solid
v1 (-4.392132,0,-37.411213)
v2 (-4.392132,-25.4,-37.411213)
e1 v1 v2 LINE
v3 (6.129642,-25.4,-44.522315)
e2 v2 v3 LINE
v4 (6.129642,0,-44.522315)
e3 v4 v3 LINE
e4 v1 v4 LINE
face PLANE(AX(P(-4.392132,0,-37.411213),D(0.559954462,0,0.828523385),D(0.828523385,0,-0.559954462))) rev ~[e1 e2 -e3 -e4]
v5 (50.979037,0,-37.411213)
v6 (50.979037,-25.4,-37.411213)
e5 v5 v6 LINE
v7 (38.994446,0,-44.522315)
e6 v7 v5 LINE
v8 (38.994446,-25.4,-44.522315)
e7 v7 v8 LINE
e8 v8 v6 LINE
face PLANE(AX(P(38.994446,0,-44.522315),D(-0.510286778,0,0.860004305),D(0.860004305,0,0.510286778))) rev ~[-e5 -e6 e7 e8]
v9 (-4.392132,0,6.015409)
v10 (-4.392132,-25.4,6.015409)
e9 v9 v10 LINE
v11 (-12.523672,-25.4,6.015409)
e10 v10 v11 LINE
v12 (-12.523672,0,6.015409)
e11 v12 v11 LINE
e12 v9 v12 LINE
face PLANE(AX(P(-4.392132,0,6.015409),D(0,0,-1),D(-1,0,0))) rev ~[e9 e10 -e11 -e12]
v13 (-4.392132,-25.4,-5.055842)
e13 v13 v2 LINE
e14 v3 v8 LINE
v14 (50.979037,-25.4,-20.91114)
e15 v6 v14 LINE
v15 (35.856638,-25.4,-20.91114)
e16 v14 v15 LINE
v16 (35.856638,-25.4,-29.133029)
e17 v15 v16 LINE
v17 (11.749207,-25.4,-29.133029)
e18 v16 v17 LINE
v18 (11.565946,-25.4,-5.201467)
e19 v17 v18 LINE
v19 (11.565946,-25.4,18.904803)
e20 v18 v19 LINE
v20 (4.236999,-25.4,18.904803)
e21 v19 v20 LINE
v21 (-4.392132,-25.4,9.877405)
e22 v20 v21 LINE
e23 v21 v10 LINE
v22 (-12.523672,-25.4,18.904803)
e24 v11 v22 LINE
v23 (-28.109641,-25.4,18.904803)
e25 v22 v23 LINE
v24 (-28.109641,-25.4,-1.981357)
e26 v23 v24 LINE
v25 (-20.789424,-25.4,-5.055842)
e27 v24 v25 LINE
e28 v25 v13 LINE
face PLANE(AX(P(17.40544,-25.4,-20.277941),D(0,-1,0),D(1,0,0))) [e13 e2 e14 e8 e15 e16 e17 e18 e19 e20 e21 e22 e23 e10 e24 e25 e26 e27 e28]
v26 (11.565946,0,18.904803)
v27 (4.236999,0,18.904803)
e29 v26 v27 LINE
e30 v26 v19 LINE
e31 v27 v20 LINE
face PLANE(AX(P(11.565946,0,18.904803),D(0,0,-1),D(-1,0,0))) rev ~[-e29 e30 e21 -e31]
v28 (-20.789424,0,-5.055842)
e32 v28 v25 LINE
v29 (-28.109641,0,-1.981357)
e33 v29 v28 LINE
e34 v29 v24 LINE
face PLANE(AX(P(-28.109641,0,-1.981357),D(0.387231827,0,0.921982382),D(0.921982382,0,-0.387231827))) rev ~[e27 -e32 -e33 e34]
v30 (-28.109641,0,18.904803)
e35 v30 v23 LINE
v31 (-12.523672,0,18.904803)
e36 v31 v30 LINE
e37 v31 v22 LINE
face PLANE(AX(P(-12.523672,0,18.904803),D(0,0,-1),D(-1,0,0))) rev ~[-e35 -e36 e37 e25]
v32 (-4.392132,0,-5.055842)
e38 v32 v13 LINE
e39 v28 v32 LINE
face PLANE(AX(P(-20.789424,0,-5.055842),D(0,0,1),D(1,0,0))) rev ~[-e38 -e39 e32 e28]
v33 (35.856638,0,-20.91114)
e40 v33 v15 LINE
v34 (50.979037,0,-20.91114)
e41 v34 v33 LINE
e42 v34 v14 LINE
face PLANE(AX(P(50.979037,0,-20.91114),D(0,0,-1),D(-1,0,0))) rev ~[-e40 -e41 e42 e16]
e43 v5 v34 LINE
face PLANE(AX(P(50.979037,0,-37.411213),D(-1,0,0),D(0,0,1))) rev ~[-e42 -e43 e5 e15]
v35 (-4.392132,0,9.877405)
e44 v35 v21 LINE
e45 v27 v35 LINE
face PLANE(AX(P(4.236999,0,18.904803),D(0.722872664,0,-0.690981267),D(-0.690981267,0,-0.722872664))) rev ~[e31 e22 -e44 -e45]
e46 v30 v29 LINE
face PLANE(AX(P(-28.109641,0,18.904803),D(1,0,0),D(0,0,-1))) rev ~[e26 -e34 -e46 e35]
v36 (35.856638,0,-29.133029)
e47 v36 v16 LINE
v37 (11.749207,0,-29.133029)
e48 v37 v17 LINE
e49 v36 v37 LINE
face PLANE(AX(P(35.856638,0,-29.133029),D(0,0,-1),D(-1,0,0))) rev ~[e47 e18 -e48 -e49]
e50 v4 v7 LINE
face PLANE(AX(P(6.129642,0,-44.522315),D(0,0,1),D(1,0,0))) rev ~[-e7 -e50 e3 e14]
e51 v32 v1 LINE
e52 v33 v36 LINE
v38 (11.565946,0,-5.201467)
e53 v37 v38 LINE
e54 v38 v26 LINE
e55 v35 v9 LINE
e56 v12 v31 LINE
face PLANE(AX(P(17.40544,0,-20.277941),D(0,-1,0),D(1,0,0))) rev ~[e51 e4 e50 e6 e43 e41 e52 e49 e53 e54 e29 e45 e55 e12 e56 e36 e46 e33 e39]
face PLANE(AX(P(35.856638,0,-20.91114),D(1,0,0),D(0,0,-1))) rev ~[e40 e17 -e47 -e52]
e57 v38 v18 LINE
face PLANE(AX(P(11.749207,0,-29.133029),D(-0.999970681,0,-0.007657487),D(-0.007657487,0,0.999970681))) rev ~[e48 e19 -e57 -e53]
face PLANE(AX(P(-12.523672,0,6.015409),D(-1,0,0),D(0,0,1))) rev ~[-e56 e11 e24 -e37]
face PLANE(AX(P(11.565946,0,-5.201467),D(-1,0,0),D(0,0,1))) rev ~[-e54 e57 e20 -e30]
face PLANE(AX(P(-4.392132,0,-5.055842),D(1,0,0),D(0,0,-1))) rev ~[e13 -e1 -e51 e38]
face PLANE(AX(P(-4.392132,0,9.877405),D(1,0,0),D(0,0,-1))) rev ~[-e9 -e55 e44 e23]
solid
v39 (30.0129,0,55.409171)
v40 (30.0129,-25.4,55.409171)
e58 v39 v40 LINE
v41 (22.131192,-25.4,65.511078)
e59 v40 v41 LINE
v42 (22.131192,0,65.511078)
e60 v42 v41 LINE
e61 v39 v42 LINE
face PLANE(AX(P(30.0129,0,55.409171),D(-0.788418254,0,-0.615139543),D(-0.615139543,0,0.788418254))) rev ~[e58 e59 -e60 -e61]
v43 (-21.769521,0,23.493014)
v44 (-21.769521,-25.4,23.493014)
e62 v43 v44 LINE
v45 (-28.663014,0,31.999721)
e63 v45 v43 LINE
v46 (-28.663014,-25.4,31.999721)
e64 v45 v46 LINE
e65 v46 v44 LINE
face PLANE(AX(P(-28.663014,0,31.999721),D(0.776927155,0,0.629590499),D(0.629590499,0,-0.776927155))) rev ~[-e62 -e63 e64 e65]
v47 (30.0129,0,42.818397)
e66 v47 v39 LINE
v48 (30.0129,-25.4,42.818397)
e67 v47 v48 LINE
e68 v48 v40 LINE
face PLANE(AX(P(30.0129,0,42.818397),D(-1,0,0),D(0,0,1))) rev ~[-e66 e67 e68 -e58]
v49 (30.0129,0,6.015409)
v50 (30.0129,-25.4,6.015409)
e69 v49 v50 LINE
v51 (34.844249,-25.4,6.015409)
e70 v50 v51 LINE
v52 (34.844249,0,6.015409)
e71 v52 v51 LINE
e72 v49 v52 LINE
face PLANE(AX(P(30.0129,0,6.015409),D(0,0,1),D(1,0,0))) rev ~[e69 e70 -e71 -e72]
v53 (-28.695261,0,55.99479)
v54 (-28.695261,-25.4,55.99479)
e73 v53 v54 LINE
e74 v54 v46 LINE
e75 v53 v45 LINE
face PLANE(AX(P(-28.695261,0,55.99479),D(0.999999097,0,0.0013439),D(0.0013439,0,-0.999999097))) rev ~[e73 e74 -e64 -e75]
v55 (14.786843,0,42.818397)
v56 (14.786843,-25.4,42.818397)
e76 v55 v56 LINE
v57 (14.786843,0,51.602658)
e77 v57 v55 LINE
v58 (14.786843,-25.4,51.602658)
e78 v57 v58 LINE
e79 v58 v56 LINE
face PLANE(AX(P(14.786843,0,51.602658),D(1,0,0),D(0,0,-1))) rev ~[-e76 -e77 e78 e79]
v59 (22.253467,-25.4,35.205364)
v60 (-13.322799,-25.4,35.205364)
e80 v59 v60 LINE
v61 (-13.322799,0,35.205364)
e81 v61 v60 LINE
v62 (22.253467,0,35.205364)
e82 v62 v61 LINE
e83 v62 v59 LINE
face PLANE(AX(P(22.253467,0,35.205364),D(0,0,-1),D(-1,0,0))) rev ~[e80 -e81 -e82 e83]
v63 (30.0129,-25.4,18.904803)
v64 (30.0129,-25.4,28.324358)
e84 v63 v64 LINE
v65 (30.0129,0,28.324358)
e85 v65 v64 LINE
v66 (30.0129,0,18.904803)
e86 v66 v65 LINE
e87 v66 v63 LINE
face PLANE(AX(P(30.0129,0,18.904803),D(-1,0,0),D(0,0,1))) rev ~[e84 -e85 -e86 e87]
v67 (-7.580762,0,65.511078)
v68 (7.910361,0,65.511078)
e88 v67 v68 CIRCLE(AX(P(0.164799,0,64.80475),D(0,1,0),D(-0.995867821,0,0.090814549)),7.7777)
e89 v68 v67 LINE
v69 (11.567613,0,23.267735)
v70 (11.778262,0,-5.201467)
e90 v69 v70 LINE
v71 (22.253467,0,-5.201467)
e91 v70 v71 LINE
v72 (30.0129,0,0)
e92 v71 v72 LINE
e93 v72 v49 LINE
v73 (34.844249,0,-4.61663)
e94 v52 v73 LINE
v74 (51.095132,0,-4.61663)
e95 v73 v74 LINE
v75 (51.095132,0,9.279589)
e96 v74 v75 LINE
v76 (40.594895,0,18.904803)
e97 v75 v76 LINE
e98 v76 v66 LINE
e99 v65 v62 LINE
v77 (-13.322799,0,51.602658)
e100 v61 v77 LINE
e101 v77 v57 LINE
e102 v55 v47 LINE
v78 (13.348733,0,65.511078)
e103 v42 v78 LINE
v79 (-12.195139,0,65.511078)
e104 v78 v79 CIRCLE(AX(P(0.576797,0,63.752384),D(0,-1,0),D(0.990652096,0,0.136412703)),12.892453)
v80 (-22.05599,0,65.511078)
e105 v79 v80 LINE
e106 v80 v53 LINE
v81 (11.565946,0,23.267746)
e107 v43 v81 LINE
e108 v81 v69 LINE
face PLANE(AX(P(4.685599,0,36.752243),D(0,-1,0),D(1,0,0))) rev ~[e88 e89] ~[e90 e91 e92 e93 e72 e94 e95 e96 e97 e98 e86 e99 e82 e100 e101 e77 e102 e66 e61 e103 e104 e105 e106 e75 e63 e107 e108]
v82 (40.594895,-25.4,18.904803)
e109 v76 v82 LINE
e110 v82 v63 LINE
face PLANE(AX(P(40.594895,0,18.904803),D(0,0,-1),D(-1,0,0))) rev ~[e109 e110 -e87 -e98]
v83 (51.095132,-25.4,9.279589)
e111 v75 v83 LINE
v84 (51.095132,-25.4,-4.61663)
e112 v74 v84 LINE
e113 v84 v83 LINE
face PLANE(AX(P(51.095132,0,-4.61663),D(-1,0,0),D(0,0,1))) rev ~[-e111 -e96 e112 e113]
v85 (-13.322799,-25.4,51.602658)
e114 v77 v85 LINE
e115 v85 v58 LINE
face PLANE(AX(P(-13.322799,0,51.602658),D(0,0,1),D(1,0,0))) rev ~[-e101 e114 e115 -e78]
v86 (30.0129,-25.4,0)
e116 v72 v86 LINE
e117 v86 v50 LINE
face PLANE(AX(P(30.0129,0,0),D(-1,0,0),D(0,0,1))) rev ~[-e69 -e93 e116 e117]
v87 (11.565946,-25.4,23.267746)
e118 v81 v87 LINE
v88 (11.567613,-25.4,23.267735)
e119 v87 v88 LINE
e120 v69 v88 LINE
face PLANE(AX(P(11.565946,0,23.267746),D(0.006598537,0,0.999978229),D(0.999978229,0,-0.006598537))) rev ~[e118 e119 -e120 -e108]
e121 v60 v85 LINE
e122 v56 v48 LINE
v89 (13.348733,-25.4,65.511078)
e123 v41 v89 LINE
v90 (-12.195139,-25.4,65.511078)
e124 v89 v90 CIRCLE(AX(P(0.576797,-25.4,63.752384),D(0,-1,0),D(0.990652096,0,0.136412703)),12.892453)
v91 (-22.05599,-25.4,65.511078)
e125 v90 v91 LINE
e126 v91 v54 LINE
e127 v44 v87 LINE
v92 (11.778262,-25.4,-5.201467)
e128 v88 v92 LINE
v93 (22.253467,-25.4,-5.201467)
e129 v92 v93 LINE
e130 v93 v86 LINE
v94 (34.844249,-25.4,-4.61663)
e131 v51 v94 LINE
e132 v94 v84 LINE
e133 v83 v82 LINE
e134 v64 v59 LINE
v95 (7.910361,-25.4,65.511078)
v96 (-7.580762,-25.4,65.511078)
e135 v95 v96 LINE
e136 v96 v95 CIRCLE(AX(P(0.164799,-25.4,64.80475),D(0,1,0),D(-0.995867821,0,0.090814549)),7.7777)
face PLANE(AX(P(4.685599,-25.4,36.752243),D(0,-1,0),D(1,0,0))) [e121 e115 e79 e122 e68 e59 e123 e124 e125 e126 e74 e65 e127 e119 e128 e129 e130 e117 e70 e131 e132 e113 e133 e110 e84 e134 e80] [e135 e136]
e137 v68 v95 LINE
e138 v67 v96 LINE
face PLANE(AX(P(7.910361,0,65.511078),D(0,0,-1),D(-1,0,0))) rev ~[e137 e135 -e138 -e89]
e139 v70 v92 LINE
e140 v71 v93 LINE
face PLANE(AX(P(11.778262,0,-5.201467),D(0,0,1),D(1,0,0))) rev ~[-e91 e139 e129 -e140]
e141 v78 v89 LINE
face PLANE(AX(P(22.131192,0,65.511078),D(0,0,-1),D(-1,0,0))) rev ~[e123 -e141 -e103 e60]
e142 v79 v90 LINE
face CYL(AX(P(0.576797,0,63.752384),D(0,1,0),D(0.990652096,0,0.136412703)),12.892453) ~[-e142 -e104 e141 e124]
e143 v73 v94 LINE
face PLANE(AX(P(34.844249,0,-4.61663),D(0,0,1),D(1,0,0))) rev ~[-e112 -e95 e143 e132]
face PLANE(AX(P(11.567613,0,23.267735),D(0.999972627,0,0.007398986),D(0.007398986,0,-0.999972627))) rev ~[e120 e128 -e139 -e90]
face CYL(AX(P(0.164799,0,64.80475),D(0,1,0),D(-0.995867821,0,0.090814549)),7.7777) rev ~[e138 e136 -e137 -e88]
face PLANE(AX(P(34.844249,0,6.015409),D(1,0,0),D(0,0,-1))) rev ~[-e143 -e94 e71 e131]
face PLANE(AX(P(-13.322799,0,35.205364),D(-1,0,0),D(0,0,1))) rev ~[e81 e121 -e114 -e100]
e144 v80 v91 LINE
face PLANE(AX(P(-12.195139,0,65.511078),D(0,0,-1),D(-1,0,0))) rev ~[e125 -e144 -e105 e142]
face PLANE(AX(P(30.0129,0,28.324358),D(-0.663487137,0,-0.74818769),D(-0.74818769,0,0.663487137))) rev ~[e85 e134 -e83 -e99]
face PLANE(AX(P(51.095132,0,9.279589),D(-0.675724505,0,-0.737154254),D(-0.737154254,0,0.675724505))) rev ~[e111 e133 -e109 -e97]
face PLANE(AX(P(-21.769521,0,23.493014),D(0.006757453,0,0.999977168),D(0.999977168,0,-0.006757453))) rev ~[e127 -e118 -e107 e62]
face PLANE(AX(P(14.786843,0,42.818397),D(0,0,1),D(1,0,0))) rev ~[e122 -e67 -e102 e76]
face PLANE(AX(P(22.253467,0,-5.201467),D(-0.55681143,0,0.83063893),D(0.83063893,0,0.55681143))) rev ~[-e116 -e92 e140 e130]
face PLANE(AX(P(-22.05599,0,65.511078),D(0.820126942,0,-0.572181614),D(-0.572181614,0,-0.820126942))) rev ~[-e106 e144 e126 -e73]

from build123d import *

# Parameters (mm, degrees)
F1_DEPTH = 25.4


with BuildPart() as f1:
    # F0 (on Front) → F1 (new body)
    with BuildSketch(Plane.XZ):
        Polygon((11.565946, -5.201467), (11.565946, 18.904803), (4.236999, 18.904803), (-4.392132, 9.877405), (-4.392132, 6.015409), (-4.392132, -5.055842), (-4.392132, -37.411213), (6.129642, -44.522315), (38.994446, -44.522315), (50.979037, -37.411213), (50.979037, -20.91114), (35.856638, -20.91114), (35.856638, -29.133029), (11.749207, -29.133029), align=None)
        Polygon((-12.195139, 65.511078), (-22.05599, 65.511078), (-28.695261, 55.99479), (-28.663014, 31.999721), (-21.769521, 23.493014), (11.565946, 23.267746), (11.565946, 23.493014), (11.567613, 23.267735), (11.778262, -5.201467), (22.253467, -5.201467), (30.0129, 0), (30.0129, 6.015409), (30.0129, 18.904803), (30.0129, 28.324358), (22.253467, 35.205364), (18.739762, 35.205364), (13.176396, 35.205364), (-13.322799, 35.205364), (-13.322799, 51.602658), (14.786843, 51.602658), (14.786843, 42.818397), (30.0129, 42.818397), (30.0129, 55.409171), (22.131192, 65.511078), (13.348733, 65.511078), (7.910361, 65.511078), (-7.580762, 65.511078), align=None)
        with BuildLine():
            ThreePointArc((13.348733, 65.511078), (0.576797, 76.644837), (-12.195139, 65.511078))
            Line((-12.195139, 65.511078), (-7.580762, 65.511078))
            ThreePointArc((-7.580762, 65.511078), (0.164799, 72.58245), (7.910361, 65.511078))
            Line((7.910361, 65.511078), (13.348733, 65.511078))
        make_face()
        Polygon((11.565946, 23.493014), (11.565946, 23.267746), (11.567613, 23.267735), align=None)
        Polygon((-4.392132, -5.055842), (-4.392132, 6.015409), (-12.523672, 6.015409), (-12.523672, 18.904803), (-28.109641, 18.904803), (-28.109641, -1.981357), (-20.789424, -5.055842), align=None)
        Polygon((30.0129, 18.904803), (30.0129, 6.015409), (34.844249, 6.015409), (34.844249, -4.61663), (51.095132, -4.61663), (51.095132, 9.279589), (40.594895, 18.904803), align=None)
    extrude(amount=F1_DEPTH)


solid = f1.part
